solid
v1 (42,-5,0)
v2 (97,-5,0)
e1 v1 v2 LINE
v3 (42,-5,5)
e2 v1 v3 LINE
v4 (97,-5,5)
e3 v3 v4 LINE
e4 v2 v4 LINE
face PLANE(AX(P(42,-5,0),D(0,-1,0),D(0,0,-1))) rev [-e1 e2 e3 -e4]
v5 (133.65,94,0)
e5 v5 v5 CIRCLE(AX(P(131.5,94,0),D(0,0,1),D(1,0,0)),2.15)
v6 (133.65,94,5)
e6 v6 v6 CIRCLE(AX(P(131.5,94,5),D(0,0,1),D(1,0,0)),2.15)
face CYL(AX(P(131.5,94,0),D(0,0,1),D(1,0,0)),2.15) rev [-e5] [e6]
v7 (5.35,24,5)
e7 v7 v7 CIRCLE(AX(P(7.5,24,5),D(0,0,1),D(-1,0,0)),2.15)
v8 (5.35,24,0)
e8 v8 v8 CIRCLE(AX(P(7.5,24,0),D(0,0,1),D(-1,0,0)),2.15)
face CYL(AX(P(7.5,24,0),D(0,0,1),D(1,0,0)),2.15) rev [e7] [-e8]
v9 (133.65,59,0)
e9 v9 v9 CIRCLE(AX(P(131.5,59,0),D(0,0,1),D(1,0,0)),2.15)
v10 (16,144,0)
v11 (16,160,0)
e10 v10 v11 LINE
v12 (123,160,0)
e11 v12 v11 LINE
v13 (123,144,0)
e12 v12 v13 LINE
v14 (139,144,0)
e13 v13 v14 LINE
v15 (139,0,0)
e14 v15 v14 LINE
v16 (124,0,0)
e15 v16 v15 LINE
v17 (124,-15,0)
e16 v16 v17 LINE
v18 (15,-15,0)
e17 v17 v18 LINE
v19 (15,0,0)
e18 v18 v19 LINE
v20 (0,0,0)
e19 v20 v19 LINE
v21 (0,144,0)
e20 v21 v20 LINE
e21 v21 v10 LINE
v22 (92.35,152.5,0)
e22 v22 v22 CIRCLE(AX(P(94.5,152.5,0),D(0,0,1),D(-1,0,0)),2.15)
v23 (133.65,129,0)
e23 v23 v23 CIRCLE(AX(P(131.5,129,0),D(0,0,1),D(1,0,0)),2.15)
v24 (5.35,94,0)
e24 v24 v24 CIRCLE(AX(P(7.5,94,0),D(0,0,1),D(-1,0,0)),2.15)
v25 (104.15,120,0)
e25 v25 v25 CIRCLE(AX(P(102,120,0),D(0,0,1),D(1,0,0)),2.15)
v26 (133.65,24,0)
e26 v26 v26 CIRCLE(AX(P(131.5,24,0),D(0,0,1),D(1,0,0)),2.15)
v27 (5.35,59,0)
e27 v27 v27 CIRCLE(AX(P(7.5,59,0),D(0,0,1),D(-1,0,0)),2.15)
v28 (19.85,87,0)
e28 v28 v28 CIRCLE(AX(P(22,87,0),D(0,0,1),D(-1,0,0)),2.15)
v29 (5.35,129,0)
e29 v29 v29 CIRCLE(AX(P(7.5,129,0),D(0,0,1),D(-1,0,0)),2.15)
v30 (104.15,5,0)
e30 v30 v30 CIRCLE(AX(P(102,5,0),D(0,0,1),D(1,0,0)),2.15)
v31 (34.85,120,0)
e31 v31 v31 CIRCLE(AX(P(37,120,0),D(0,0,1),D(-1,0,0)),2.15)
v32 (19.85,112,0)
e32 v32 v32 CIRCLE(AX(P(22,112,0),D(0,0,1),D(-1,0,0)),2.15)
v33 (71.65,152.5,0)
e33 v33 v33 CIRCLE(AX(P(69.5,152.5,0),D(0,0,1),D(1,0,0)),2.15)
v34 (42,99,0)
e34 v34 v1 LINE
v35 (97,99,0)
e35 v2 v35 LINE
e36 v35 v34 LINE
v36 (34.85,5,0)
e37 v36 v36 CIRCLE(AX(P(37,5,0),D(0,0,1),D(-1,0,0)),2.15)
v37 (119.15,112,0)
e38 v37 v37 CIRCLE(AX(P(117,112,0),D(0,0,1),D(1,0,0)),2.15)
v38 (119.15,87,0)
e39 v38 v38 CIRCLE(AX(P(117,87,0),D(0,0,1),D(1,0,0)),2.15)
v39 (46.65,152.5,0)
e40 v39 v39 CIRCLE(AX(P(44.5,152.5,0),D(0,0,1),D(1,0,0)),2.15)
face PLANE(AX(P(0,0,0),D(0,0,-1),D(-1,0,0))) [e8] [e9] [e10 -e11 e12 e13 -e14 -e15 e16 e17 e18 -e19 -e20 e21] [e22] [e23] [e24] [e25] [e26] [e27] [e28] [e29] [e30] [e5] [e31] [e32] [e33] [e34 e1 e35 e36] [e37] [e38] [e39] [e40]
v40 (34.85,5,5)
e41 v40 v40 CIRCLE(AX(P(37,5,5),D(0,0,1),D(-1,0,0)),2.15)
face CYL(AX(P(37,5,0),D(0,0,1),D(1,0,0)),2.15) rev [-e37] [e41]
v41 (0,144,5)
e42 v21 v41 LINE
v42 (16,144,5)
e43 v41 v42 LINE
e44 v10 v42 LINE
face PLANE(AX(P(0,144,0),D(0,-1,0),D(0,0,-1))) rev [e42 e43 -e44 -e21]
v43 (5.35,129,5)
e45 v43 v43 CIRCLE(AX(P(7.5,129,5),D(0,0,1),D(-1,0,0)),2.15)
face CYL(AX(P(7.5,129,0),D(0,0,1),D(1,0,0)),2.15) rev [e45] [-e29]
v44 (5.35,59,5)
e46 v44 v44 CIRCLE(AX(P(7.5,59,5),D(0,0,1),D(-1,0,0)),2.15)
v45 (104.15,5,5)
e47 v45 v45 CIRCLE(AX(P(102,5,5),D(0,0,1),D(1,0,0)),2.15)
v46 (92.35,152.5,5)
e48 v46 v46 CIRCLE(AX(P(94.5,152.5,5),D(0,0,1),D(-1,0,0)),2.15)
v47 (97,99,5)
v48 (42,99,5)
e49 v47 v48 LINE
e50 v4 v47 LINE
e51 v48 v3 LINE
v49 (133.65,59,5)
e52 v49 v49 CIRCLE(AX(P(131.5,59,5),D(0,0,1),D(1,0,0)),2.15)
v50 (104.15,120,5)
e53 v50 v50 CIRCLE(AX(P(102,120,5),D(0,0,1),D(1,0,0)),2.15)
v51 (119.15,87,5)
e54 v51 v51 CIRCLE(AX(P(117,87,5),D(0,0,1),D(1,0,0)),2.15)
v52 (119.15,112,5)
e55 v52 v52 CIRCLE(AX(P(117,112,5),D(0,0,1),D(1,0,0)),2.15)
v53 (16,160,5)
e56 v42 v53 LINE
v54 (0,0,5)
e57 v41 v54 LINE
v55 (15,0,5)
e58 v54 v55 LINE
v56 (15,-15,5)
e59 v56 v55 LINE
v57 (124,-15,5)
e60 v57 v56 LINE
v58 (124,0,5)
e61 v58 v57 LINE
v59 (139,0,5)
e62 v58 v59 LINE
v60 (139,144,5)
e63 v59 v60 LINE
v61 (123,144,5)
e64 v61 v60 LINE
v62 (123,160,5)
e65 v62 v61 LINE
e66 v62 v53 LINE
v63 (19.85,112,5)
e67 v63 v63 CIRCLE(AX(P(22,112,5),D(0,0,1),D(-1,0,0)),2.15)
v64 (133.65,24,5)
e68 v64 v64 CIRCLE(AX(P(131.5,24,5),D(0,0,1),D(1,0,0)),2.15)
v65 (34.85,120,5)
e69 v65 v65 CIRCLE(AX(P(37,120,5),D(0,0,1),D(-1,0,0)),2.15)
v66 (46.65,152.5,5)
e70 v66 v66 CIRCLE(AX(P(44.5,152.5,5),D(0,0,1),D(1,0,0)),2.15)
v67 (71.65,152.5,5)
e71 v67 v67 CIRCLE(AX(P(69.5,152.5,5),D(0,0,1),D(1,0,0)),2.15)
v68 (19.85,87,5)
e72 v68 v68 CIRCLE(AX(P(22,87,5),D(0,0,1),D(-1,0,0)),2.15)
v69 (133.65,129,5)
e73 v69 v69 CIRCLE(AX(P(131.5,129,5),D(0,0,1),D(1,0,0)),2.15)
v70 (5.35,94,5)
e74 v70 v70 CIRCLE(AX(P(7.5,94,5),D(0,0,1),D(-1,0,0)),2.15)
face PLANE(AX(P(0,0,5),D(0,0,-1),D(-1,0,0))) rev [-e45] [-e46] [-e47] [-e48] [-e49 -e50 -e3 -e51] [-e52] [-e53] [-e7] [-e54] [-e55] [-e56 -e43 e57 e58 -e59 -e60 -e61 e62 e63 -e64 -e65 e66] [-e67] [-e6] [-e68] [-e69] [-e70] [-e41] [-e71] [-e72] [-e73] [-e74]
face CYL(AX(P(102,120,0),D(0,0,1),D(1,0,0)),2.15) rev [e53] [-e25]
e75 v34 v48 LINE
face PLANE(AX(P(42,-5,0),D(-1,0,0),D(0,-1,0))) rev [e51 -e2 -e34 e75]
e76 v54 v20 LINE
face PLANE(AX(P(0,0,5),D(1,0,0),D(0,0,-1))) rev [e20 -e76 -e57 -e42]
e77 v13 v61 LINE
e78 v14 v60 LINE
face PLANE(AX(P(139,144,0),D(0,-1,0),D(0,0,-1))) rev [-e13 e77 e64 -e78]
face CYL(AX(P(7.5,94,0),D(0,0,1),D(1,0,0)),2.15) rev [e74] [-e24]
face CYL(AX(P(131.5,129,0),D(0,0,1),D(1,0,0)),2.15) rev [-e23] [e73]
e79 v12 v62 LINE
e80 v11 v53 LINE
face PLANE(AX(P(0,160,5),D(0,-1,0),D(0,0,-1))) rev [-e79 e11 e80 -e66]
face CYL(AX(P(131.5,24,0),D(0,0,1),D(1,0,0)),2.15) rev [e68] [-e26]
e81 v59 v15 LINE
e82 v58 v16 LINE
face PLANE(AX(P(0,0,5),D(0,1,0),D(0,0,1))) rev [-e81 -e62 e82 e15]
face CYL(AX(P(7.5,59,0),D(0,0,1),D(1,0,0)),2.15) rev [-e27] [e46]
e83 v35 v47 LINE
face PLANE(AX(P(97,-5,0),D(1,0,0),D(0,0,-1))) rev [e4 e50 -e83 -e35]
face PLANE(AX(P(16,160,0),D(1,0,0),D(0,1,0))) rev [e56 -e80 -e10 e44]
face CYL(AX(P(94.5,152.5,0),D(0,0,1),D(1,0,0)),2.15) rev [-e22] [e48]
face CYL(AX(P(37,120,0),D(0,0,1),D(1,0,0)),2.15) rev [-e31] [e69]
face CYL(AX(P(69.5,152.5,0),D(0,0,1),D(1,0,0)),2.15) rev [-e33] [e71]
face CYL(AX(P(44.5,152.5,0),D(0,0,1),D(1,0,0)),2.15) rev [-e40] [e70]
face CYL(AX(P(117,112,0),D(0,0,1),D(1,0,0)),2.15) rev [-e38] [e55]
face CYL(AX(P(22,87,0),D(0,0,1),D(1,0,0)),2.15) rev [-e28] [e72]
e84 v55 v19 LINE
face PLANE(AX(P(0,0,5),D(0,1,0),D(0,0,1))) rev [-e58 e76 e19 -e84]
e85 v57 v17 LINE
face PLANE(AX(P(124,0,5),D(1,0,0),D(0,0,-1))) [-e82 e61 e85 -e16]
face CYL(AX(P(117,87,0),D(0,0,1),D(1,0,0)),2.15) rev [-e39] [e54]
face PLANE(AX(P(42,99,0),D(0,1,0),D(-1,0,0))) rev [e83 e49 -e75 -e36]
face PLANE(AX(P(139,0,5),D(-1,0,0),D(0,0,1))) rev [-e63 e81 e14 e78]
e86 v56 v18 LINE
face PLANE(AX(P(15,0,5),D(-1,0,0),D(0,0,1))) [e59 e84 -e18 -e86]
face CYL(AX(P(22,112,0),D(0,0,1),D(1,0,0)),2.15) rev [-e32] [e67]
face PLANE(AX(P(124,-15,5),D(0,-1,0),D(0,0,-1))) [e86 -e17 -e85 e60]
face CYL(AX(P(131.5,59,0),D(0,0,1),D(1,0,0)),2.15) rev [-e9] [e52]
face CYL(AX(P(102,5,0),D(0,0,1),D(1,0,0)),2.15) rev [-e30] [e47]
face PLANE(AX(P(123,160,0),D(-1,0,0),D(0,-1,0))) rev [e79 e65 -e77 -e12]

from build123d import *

# Parameters (mm, degrees)
SKETCH1_W           = 139
SKETCH1_H           = 160
BOSS_EXTRUDE1_DEPTH = 5
SKETCH2_W           = 16
SKETCH2_H           = 16
CUT_EXTRUDE1_DEPTH  = 5
SKETCH3_R           = 2.15
CUT_EXTRUDE2_DEPTH  = 5
SKETCH4_R           = 2.15
CUT_EXTRUDE3_DEPTH  = 5
LPATTERN1_COUNT     = 4
LPATTERN1_PITCH     = 35
SKETCH5_R           = 2.15
CUT_EXTRUDE4_DEPTH  = 5
SKETCH6_W           = 109
SKETCH6_H           = 15
BOSS_EXTRUDE2_DEPTH = 5
SKETCH7_W           = 55
SKETCH7_H           = 104
CUT_EXTRUDE5_DEPTH  = 5
SKETCH8_R           = 2.15
CUT_EXTRUDE6_DEPTH  = 5


with BuildPart() as part:
    # Sketch1 → Boss-Extrude1 (new body)
    with BuildSketch(Plane.XY):
        with Locations((69.5, 80)):
            Rectangle(SKETCH1_W, SKETCH1_H)
    extrude(amount=BOSS_EXTRUDE1_DEPTH)

    # Sketch2 → Cut-Extrude1 (cut)
    with BuildSketch(Plane.XY.offset(5)):
        with Locations((131, 152)):
            Rectangle(SKETCH2_W, SKETCH2_H)
        with Locations((8, 152)):
            Rectangle(SKETCH2_W, SKETCH2_H)
    extrude(amount=-CUT_EXTRUDE1_DEPTH, mode=Mode.SUBTRACT)

    # Sketch3 → Cut-Extrude2 (cut)
    with BuildSketch(Plane.XY.offset(5)):
        with Locations((69.5, 152.5)):
            Circle(SKETCH3_R)
        with Locations((44.5, 152.5)):
            Circle(SKETCH3_R)
        with Locations(Location((94.5, 152.5, 0), (0, 0, 180))):
            Circle(SKETCH3_R)
    extrude(amount=-CUT_EXTRUDE2_DEPTH, mode=Mode.SUBTRACT)

    # Sketch4 → Cut-Extrude3 (cut)
    with BuildSketch(Plane.XY.offset(5)):
        with Locations((131.5, 129)):
            Circle(SKETCH4_R)
        with Locations(Location((7.5, 129, 0), (0, 0, 180))):
            Circle(SKETCH4_R)
    cut_extrude3 = extrude(amount=-CUT_EXTRUDE3_DEPTH, mode=Mode.SUBTRACT)

    # LPattern1: Cut-Extrude3 ×4
    with Locations(*[(0, -i * LPATTERN1_PITCH, 0) for i in range(1, LPATTERN1_COUNT)]):
        add(cut_extrude3, mode=Mode.SUBTRACT)

    # Sketch5 → Cut-Extrude4 (cut)
    with BuildSketch(Plane.XY.offset(5)):
        with Locations((117, 112)):
            Circle(SKETCH5_R)
        with Locations((117, 87)):
            Circle(SKETCH5_R)
        with Locations(Location((22, 87, 0), (0, 0, 180))):
            Circle(SKETCH5_R)
        with Locations(Location((22, 112, 0), (0, 0, 180))):
            Circle(SKETCH5_R)
    extrude(amount=-CUT_EXTRUDE4_DEPTH, mode=Mode.SUBTRACT)

    # Sketch6 → Boss-Extrude2 (add)
    with BuildSketch(Plane(origin=(0, 0, 0), x_dir=(-1, 0, 0), z_dir=(0, 0, -1))):
        with Locations((-69.5, -7.5)):
            Rectangle(SKETCH6_W, SKETCH6_H)
    extrude(amount=-BOSS_EXTRUDE2_DEPTH)

    # Sketch7 → Cut-Extrude5 (cut)
    with BuildSketch(Plane.XY.offset(5)):
        with Locations((69.5, 47)):
            Rectangle(SKETCH7_W, SKETCH7_H)
    extrude(amount=-CUT_EXTRUDE5_DEPTH, mode=Mode.SUBTRACT)

    # Sketch8 → Cut-Extrude6 (cut)
    with BuildSketch(Plane.XY.offset(5)):
        with Locations((102, 5)):
            Circle(SKETCH8_R)
        with Locations((102, 120)):
            Circle(SKETCH8_R)
        with Locations(Location((37, 120, 0), (0, 0, 180))):
            Circle(SKETCH8_R)
        with Locations(Location((37, 5, 0), (0, 0, 180))):
            Circle(SKETCH8_R)
    extrude(amount=-CUT_EXTRUDE6_DEPTH, mode=Mode.SUBTRACT)


solid = part.part
